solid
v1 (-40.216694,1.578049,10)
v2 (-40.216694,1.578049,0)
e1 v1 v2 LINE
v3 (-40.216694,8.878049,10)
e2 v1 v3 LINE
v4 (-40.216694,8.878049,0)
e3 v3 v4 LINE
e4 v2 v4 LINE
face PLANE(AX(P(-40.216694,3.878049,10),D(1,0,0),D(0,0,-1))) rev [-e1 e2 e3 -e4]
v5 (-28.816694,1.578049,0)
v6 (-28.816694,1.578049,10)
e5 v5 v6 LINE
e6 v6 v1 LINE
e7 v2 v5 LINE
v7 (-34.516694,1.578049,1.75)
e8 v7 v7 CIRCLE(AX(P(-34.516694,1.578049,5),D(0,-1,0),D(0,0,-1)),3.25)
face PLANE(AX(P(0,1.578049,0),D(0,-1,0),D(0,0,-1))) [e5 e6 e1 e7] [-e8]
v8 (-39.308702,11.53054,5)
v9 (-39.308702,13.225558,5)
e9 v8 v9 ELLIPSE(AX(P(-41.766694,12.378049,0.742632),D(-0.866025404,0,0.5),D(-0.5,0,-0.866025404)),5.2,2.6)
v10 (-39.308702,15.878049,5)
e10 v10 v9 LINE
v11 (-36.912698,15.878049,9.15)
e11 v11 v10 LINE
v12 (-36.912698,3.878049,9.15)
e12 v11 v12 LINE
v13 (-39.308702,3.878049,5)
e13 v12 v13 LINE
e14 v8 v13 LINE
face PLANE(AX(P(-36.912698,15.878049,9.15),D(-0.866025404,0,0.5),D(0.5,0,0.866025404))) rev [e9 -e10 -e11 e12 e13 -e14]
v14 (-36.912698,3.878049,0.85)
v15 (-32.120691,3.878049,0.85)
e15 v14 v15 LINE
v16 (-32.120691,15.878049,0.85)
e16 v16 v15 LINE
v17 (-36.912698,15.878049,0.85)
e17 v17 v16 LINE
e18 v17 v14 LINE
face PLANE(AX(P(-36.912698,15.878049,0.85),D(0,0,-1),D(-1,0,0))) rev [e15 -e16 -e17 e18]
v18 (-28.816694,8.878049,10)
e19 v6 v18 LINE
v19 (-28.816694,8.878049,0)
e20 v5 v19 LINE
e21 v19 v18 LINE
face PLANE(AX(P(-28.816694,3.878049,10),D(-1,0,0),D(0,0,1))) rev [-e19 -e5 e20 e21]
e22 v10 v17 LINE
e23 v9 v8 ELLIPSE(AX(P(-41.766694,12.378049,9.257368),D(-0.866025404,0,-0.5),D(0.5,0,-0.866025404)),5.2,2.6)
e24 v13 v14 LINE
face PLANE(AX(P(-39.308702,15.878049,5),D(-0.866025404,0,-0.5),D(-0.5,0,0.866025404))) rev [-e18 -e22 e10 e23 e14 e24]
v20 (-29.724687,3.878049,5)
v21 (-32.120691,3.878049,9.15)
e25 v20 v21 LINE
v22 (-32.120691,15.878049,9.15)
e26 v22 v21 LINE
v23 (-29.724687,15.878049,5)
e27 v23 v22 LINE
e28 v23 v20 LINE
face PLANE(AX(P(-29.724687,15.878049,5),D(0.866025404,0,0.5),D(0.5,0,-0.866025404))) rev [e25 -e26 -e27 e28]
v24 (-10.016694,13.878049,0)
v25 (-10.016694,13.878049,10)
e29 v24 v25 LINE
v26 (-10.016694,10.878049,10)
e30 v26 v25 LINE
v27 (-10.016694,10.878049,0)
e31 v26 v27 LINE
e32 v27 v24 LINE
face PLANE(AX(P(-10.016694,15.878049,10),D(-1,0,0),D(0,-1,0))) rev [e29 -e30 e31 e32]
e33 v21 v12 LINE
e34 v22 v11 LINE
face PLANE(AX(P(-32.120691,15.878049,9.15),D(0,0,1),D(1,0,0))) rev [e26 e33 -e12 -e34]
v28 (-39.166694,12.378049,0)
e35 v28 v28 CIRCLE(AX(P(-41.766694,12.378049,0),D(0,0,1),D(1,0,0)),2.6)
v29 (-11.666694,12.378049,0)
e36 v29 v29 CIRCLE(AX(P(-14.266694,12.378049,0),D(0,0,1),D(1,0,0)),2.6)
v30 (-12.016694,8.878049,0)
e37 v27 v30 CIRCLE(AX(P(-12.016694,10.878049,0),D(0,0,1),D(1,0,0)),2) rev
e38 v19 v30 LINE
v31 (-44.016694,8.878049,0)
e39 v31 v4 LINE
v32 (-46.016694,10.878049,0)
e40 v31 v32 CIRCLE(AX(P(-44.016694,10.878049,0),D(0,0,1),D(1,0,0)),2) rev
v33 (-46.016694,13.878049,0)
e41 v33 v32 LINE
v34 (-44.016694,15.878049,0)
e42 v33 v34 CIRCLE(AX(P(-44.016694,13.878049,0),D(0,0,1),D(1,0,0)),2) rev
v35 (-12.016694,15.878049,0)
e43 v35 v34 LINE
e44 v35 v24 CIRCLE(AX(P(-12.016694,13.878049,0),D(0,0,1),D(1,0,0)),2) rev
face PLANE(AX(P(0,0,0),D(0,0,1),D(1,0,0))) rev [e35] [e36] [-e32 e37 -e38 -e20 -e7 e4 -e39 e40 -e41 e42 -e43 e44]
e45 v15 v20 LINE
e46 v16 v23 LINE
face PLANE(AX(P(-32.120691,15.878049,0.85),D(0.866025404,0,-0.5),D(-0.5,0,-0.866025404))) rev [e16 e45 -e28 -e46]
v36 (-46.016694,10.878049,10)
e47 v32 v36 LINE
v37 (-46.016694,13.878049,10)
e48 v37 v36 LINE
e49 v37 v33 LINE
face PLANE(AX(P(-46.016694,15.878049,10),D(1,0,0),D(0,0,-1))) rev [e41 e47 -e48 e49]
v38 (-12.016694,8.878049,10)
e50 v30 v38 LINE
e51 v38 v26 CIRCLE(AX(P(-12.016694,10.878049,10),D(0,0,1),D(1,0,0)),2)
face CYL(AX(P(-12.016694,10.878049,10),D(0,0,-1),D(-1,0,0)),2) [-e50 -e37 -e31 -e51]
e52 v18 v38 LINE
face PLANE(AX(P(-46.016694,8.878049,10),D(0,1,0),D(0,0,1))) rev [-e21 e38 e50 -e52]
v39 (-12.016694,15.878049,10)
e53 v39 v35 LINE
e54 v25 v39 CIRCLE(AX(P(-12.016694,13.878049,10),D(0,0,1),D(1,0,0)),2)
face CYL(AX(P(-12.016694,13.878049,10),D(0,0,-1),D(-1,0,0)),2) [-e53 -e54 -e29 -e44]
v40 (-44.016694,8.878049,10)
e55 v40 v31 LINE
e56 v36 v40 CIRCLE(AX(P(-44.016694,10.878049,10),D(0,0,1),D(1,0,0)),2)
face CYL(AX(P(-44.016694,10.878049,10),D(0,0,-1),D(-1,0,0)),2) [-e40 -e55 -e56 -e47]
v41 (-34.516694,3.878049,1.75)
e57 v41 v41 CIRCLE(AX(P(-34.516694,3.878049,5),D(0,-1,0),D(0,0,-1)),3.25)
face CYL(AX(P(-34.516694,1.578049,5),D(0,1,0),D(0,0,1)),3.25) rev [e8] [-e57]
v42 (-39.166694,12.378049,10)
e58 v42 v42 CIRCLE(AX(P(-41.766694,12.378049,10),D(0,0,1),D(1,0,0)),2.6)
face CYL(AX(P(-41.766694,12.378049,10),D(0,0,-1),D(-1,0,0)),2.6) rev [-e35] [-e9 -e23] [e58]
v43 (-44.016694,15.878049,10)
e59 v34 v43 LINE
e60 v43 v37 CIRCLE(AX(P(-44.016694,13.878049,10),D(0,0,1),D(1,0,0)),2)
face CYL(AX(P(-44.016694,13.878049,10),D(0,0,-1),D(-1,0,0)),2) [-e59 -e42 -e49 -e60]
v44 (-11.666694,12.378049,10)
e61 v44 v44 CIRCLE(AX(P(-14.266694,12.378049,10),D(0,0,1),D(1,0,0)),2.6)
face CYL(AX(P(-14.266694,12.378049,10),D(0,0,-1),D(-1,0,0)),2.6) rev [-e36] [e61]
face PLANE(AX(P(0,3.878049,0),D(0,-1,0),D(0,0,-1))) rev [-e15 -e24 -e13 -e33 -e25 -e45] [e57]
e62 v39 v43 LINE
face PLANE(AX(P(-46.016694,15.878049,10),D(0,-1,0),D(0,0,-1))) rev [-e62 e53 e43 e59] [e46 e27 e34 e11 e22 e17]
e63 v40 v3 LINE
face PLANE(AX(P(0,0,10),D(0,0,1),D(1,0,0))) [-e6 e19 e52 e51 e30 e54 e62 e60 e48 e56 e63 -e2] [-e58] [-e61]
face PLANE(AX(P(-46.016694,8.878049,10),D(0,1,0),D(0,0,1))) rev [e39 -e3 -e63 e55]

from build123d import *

# Parameters (mm, degrees)
CROQUIS1_W              = 36
CROQUIS1_H              = 7
CROQUIS1_R              = 2.6
SALIENTE_EXTRUIR1_DEPTH = 10
CORTAR_EXTRUIR1_DEPTH   = 7
CROQUIS4_W              = 11.4
CROQUIS4_H              = 10
SALIENTE_EXTRUIR2_DEPTH = 5
REDONDEO1_R             = 2
CROQUIS5_W              = 11.4
CROQUIS5_H              = 10
CROQUIS5_R              = 3.25
SALIENTE_EXTRUIR3_DEPTH = 2.3


with BuildPart() as part:
    # Croquis1 → Saliente-Extruir1 (new body)
    with BuildSketch(Plane.XY):
        with Locations((-28.016694491, 12.37804878)):
            Rectangle(CROQUIS1_W, CROQUIS1_H)
        with Locations((-41.766694491, 12.37804878)):
            Circle(CROQUIS1_R, mode=Mode.SUBTRACT)
        with Locations((-14.266694491, 12.37804878)):
            Circle(CROQUIS1_R, mode=Mode.SUBTRACT)
    extrude(amount=SALIENTE_EXTRUIR1_DEPTH)

    # Croquis2 → Cortar-Extruir1 (cut)
    with BuildSketch(Plane.XZ.offset(-8.87804878)):
        Polygon((-29.724687257, 5), (-32.120690874, 9.15), (-36.912698108, 9.15), (-39.308701725, 5), (-36.912698108, 0.85), (-32.120690874, 0.85), align=None)
    extrude(amount=-CORTAR_EXTRUIR1_DEPTH, mode=Mode.SUBTRACT)

    # Croquis4 → Saliente-Extruir2 (add)
    with BuildSketch(Plane.XZ.offset(-8.87804878)):
        with Locations((-34.516694491, 5)):
            Rectangle(CROQUIS4_W, CROQUIS4_H)
        Polygon((-29.724687257, 5), (-32.120690874, 9.15), (-36.912698108, 9.15), (-39.308701725, 5), (-36.912698108, 0.85), (-32.120690874, 0.85), align=None, mode=Mode.SUBTRACT)
    extrude(amount=SALIENTE_EXTRUIR2_DEPTH)

    # Redondeo1
    redondeo1_edges = [part.edges().sort_by_distance(p)[0] for p in [
        (-10.016694491, 15.87804878, 5),
        (-10.016694491, 8.87804878, 5),
        (-46.016694491, 8.87804878, 5),
        (-46.016694491, 15.87804878, 5),
    ]]
    fillet(redondeo1_edges, radius=REDONDEO1_R)

    # Croquis5 → Saliente-Extruir3 (add)
    with BuildSketch(Plane.XZ.offset(-3.87804878)):
        with Locations((-34.516694491, 5)):
            Rectangle(CROQUIS5_W, CROQUIS5_H)
        with Locations(Location((-34.516694491, 5, 0), (0, 0, 270))):
            Circle(CROQUIS5_R, mode=Mode.SUBTRACT)
    extrude(amount=SALIENTE_EXTRUIR3_DEPTH)


solid = part.part
